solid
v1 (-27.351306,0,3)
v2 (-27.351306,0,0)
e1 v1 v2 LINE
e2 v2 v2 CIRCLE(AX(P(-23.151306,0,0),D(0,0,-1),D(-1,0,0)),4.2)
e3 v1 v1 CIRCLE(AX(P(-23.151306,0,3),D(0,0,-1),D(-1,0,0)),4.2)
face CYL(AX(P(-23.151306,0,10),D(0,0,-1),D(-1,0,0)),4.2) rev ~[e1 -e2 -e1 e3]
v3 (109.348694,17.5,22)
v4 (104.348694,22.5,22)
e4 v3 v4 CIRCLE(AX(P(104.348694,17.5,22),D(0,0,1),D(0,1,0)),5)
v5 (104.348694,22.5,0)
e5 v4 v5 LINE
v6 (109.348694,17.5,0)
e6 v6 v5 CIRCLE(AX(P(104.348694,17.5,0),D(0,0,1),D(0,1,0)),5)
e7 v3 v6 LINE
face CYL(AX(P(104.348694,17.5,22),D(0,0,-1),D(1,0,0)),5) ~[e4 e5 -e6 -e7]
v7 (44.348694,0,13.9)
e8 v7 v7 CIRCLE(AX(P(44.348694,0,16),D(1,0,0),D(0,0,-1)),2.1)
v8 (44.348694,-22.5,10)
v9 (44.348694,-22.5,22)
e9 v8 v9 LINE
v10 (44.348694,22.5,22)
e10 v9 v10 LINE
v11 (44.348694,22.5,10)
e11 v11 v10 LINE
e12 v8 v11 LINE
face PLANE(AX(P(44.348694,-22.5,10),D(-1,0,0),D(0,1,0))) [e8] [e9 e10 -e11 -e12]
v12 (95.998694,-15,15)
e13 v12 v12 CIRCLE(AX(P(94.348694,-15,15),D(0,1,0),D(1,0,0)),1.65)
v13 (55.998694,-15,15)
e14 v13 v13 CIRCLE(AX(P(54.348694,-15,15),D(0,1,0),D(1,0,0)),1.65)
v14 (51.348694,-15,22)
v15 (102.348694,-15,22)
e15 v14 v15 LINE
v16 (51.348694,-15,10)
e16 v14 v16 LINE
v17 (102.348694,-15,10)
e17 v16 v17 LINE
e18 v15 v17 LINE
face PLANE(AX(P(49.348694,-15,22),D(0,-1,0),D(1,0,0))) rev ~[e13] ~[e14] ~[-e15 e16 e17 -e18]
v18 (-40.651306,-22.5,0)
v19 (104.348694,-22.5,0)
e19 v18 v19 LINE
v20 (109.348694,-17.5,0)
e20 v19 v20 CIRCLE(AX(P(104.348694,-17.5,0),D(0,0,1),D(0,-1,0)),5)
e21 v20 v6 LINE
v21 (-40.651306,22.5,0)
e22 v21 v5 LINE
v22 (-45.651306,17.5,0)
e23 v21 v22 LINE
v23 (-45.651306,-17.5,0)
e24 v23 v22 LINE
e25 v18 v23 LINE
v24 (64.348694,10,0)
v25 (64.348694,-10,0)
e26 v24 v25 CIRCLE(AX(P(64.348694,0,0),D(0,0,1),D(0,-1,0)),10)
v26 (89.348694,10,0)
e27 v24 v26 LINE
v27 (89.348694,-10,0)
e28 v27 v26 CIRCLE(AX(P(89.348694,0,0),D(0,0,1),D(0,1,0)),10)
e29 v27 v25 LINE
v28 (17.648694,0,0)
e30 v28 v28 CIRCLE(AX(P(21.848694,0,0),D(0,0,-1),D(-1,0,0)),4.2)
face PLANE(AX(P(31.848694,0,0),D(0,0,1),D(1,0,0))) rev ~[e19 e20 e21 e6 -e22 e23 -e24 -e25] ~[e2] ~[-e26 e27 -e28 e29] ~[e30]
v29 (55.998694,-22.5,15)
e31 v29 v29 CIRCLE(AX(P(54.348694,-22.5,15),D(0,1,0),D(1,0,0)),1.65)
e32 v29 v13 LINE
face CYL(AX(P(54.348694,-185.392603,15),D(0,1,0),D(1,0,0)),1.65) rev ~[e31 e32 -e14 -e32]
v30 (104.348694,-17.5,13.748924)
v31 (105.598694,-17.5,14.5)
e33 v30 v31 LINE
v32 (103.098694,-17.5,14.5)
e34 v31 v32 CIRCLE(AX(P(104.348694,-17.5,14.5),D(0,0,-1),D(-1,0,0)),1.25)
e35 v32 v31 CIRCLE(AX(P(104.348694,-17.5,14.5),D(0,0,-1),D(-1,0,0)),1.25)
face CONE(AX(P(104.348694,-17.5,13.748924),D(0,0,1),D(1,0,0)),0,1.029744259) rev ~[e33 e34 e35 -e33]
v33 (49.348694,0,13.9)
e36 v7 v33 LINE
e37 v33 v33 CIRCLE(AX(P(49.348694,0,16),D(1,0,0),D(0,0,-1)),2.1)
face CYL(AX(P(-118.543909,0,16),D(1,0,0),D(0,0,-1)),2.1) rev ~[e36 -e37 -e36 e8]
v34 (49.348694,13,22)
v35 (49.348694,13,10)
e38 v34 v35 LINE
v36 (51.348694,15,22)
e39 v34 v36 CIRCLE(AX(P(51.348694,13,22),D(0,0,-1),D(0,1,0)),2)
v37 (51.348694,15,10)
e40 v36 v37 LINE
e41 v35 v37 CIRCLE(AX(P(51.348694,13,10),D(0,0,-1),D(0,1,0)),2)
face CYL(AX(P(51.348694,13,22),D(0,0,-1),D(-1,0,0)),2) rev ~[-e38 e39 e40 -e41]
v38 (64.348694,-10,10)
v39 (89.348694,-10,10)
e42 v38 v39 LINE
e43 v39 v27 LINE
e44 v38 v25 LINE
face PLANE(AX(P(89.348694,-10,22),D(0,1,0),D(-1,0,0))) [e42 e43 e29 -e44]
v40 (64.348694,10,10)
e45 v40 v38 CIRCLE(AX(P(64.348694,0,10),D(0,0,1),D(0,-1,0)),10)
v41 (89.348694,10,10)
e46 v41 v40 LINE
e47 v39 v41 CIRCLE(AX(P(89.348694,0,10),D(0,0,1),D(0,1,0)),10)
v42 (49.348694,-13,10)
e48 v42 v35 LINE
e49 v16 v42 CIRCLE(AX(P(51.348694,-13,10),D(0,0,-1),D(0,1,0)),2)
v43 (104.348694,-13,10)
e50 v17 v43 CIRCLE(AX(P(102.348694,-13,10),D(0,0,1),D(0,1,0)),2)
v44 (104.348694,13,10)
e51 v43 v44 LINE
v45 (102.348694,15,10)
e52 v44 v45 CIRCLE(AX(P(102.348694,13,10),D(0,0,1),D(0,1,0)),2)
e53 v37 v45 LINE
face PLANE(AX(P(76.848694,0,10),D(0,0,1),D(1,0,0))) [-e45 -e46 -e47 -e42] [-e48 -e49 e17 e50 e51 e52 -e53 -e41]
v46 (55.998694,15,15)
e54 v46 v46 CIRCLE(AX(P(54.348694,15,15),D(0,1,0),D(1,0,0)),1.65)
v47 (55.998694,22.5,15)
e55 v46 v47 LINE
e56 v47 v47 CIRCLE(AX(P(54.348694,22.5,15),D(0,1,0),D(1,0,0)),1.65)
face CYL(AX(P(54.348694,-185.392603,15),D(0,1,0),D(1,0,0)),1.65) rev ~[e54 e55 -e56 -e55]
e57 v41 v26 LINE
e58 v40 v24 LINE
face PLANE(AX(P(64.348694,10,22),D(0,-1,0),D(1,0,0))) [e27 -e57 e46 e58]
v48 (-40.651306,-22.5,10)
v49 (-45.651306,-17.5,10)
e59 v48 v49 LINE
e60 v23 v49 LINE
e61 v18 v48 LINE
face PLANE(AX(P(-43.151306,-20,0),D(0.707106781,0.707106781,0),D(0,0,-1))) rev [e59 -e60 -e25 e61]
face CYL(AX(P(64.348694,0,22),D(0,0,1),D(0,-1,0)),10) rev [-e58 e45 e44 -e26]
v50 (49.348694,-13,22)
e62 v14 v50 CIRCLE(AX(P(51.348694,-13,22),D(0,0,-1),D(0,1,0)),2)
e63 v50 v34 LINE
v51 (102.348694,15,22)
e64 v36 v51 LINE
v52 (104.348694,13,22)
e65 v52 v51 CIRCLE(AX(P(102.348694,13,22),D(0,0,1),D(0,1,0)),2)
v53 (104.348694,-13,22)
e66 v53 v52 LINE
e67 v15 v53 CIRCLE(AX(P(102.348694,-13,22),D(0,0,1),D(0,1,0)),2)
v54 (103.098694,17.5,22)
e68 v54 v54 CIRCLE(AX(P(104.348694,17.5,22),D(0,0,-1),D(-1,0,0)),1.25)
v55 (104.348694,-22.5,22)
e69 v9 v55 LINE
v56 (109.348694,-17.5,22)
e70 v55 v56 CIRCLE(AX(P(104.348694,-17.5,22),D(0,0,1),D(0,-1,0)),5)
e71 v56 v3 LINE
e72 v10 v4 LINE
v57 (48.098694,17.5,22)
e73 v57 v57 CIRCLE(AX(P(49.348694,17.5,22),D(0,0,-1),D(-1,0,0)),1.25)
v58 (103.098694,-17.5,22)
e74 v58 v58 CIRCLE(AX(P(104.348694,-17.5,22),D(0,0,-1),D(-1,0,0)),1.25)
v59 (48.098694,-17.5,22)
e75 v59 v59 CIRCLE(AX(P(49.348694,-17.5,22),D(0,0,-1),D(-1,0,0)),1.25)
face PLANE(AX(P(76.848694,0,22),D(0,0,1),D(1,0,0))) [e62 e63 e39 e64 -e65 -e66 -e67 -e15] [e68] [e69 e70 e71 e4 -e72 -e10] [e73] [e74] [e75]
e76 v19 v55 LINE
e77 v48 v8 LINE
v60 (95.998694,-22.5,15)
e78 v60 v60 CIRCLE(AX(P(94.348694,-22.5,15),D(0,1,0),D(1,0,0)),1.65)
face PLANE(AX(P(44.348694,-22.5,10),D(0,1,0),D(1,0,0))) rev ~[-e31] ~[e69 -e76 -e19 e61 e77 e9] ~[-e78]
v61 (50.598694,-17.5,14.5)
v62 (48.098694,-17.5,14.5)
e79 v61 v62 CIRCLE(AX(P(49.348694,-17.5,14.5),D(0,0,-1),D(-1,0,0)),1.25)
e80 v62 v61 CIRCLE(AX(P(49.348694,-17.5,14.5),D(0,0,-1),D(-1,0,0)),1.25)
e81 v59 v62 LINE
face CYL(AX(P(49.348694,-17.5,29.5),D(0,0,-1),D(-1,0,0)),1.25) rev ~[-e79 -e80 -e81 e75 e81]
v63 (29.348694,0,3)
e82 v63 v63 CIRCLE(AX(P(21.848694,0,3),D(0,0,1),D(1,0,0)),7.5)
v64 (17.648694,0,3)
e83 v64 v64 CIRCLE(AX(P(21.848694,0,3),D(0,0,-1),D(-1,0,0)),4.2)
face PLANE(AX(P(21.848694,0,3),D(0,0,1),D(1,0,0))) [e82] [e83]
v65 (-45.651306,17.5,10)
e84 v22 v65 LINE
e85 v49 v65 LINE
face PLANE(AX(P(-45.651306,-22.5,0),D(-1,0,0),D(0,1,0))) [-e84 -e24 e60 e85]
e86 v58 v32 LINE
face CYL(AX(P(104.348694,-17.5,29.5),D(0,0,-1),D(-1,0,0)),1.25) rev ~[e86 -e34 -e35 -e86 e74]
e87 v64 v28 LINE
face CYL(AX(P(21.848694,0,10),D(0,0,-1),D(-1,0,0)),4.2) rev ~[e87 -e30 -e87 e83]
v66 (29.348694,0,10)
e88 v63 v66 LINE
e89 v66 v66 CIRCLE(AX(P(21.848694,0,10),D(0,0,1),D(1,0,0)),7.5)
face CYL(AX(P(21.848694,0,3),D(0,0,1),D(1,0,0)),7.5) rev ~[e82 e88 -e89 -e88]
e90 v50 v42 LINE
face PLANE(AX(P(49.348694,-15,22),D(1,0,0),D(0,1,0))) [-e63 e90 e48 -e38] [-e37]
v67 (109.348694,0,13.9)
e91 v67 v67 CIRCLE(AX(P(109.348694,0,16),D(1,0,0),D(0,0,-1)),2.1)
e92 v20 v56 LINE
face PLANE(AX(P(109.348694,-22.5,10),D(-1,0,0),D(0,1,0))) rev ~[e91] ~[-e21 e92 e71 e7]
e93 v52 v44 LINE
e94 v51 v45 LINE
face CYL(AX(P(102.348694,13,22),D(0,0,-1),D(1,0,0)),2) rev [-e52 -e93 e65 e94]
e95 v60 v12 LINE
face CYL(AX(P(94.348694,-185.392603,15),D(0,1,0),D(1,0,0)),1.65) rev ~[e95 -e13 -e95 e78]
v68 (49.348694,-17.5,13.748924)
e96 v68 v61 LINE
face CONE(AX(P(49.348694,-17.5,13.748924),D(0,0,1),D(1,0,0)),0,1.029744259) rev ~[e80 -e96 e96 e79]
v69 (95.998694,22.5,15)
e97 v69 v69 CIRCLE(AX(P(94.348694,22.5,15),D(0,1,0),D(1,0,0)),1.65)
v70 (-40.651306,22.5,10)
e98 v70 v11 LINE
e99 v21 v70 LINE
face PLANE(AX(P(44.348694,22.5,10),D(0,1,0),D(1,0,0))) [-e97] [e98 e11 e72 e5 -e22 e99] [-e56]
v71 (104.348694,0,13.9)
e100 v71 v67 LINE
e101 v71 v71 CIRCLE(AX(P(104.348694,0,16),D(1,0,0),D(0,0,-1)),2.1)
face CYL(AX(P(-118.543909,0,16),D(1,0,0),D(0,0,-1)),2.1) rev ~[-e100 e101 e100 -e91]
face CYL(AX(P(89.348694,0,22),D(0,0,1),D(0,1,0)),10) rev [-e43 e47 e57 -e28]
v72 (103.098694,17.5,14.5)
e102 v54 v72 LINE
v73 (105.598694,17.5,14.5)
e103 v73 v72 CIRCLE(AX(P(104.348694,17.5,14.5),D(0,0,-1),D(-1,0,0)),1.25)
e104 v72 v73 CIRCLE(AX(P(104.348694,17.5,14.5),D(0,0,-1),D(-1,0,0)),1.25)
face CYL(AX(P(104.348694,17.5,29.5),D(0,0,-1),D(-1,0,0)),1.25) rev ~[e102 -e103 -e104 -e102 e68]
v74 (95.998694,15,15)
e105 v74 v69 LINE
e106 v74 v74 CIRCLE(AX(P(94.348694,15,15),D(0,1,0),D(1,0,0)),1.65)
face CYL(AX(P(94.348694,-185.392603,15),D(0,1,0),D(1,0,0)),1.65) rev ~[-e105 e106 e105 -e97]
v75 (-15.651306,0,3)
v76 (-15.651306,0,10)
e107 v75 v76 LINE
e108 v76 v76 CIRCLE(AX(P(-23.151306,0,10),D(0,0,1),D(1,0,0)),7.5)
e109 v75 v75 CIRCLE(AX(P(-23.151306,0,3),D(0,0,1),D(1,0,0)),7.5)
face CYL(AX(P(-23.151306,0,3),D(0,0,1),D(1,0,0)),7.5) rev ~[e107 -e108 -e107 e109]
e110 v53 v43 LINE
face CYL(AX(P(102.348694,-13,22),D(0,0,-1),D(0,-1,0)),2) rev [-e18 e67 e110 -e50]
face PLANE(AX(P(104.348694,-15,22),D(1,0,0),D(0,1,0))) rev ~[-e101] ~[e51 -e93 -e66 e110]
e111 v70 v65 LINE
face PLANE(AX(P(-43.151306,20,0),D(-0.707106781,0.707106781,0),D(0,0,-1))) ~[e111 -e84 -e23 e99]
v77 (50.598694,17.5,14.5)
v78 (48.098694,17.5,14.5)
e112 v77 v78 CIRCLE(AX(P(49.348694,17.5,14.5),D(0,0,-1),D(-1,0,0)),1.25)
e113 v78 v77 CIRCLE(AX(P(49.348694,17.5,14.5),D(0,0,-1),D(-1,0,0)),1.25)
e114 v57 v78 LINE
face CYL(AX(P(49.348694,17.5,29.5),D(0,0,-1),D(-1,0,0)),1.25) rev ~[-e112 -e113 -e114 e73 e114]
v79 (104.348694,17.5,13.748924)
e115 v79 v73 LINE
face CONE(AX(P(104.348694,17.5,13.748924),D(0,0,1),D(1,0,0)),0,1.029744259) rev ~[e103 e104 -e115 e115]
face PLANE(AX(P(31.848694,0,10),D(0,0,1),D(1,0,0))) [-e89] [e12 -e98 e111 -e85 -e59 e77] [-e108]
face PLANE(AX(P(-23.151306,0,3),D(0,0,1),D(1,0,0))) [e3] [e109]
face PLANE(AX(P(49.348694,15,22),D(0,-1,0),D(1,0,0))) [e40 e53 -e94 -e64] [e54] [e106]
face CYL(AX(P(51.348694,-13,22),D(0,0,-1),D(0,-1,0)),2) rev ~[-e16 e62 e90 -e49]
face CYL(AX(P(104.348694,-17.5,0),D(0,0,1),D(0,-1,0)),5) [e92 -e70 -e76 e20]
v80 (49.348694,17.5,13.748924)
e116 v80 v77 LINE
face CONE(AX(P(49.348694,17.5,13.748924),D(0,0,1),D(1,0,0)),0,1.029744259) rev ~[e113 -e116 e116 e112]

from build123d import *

# Parameters (mm, degrees)
SKETCH1_W                 = 155
SKETCH1_H                 = 45
BOSS_EXTRUDE1_DEPTH       = 10
SKETCH2_W                 = 65
SKETCH2_H                 = 45
BOSS_EXTRUDE2_DEPTH       = 12
CUT_EXTRUDE1_DEPTH        = 59
SKETCH4_W                 = 55
SKETCH4_H                 = 30
CUT_EXTRUDE2_DEPTH        = 12
M5_TAPPED_HOLE1_D         = 4.2
M3_TAPPED_HOLE1_D         = 2.5
M3_TAPPED_HOLE1_DEPTH     = 7.5
M3_TAPPED_HOLE1_TIP       = 0.751075774
HOLE_WIZARD_M4_1_D        = 3.3
CHAMFER1_SIZE             = 5
FILLET_1_R                = 5
FILLET_2_R                = 2
HOLE_WIZARD_1_D           = 8.4
HOLE_WIZARD_1_CBORE_D     = 15
HOLE_WIZARD_1_CBORE_DEPTH = 7


with BuildPart() as part:
    # Sketch1 → Boss-Extrude1 (new body)
    with BuildSketch(Plane.XY):
        with Locations((31.848694107, 0)):
            Rectangle(SKETCH1_W, SKETCH1_H)
    extrude(amount=BOSS_EXTRUDE1_DEPTH)

    # Sketch2 → Boss-Extrude2 (add)
    with BuildSketch(Plane.XY.offset(10)):
        with Locations((76.848694107, 0)):
            Rectangle(SKETCH2_W, SKETCH2_H)
    extrude(amount=BOSS_EXTRUDE2_DEPTH)

    # Sketch3 → Cut-Extrude1 (cut)
    with BuildSketch(Plane.XY.offset(22)):
        with BuildLine():
            Line((64.348694107, 10), (89.348694107, 10))
            ThreePointArc((89.348694107, 10), (99.348694107, 0), (89.348694107, -10))
            Line((89.348694107, -10), (64.348694107, -10))
            ThreePointArc((64.348694107, -10), (54.348694107, 0), (64.348694107, 10))
        make_face()
    extrude(amount=-CUT_EXTRUDE1_DEPTH, mode=Mode.SUBTRACT)

    # Sketch4 → Cut-Extrude2 (cut)
    with BuildSketch(Plane.XY.offset(22)):
        with Locations((76.848694107, 0)):
            Rectangle(SKETCH4_W, SKETCH4_H)
    extrude(amount=-CUT_EXTRUDE2_DEPTH, mode=Mode.SUBTRACT)

    # M5 Tapped Hole1 (through all)
    with Locations(Plane.ZY.offset(-44.348694107)):
        with Locations((16, 0)):
            Hole(M5_TAPPED_HOLE1_D / 2)

    # M3 Tapped Hole1
    with Locations(Plane.XY.offset(22)):
        with Locations((104.348694107, -17.5), (104.348694107, 17.5), (49.348694107, -17.5), (49.348694107, 17.5)):
            Hole(M3_TAPPED_HOLE1_D / 2, depth=M3_TAPPED_HOLE1_DEPTH)
            with Locations((0, 0, -(M3_TAPPED_HOLE1_DEPTH + M3_TAPPED_HOLE1_TIP / 2))):  # 118° drill point
                Cone(0, M3_TAPPED_HOLE1_D / 2, M3_TAPPED_HOLE1_TIP, mode=Mode.SUBTRACT)

    # M4 螺纹孔1 (through all)
    with Locations(Plane(origin=(0, -22.5, 0), x_dir=(-1, 0, 0), z_dir=(0, -1, 0))):
        with Locations((-94.348694107, -15), (-54.348694107, -15)):
            Hole(HOLE_WIZARD_M4_1_D / 2)

    # Chamfer1
    chamfer1_edges = [part.edges().sort_by_distance(p)[0] for p in [
        (-45.651305893, -22.5, 5),
        (-45.651305893, 22.5, 5),
    ]]
    chamfer(chamfer1_edges, length=CHAMFER1_SIZE)

    # 圆角1
    fillet_1_edges = [part.edges().sort_by_distance(p)[0] for p in [
        (109.348694107, 22.5, 11),
        (109.348694107, -22.5, 11),
    ]]
    fillet(fillet_1_edges, radius=FILLET_1_R)

    # 圆角2
    fillet_2_edges = [part.edges().sort_by_distance(p)[0] for p in [
        (49.348694107, -15, 16),
        (49.348694107, 15, 16),
        (104.348694107, 15, 16),
        (104.348694107, -15, 16),
    ]]
    fillet(fillet_2_edges, radius=FILLET_2_R)

    # 打孔尺寸(%根据)内六角圆柱头螺钉的类型1 (through all)
    with Locations(Plane.XY.offset(10)):
        with Locations((21.848694107, 0), (-23.151305893, 0)):
            CounterBoreHole(HOLE_WIZARD_1_D / 2, HOLE_WIZARD_1_CBORE_D / 2, HOLE_WIZARD_1_CBORE_DEPTH)


solid = part.part
